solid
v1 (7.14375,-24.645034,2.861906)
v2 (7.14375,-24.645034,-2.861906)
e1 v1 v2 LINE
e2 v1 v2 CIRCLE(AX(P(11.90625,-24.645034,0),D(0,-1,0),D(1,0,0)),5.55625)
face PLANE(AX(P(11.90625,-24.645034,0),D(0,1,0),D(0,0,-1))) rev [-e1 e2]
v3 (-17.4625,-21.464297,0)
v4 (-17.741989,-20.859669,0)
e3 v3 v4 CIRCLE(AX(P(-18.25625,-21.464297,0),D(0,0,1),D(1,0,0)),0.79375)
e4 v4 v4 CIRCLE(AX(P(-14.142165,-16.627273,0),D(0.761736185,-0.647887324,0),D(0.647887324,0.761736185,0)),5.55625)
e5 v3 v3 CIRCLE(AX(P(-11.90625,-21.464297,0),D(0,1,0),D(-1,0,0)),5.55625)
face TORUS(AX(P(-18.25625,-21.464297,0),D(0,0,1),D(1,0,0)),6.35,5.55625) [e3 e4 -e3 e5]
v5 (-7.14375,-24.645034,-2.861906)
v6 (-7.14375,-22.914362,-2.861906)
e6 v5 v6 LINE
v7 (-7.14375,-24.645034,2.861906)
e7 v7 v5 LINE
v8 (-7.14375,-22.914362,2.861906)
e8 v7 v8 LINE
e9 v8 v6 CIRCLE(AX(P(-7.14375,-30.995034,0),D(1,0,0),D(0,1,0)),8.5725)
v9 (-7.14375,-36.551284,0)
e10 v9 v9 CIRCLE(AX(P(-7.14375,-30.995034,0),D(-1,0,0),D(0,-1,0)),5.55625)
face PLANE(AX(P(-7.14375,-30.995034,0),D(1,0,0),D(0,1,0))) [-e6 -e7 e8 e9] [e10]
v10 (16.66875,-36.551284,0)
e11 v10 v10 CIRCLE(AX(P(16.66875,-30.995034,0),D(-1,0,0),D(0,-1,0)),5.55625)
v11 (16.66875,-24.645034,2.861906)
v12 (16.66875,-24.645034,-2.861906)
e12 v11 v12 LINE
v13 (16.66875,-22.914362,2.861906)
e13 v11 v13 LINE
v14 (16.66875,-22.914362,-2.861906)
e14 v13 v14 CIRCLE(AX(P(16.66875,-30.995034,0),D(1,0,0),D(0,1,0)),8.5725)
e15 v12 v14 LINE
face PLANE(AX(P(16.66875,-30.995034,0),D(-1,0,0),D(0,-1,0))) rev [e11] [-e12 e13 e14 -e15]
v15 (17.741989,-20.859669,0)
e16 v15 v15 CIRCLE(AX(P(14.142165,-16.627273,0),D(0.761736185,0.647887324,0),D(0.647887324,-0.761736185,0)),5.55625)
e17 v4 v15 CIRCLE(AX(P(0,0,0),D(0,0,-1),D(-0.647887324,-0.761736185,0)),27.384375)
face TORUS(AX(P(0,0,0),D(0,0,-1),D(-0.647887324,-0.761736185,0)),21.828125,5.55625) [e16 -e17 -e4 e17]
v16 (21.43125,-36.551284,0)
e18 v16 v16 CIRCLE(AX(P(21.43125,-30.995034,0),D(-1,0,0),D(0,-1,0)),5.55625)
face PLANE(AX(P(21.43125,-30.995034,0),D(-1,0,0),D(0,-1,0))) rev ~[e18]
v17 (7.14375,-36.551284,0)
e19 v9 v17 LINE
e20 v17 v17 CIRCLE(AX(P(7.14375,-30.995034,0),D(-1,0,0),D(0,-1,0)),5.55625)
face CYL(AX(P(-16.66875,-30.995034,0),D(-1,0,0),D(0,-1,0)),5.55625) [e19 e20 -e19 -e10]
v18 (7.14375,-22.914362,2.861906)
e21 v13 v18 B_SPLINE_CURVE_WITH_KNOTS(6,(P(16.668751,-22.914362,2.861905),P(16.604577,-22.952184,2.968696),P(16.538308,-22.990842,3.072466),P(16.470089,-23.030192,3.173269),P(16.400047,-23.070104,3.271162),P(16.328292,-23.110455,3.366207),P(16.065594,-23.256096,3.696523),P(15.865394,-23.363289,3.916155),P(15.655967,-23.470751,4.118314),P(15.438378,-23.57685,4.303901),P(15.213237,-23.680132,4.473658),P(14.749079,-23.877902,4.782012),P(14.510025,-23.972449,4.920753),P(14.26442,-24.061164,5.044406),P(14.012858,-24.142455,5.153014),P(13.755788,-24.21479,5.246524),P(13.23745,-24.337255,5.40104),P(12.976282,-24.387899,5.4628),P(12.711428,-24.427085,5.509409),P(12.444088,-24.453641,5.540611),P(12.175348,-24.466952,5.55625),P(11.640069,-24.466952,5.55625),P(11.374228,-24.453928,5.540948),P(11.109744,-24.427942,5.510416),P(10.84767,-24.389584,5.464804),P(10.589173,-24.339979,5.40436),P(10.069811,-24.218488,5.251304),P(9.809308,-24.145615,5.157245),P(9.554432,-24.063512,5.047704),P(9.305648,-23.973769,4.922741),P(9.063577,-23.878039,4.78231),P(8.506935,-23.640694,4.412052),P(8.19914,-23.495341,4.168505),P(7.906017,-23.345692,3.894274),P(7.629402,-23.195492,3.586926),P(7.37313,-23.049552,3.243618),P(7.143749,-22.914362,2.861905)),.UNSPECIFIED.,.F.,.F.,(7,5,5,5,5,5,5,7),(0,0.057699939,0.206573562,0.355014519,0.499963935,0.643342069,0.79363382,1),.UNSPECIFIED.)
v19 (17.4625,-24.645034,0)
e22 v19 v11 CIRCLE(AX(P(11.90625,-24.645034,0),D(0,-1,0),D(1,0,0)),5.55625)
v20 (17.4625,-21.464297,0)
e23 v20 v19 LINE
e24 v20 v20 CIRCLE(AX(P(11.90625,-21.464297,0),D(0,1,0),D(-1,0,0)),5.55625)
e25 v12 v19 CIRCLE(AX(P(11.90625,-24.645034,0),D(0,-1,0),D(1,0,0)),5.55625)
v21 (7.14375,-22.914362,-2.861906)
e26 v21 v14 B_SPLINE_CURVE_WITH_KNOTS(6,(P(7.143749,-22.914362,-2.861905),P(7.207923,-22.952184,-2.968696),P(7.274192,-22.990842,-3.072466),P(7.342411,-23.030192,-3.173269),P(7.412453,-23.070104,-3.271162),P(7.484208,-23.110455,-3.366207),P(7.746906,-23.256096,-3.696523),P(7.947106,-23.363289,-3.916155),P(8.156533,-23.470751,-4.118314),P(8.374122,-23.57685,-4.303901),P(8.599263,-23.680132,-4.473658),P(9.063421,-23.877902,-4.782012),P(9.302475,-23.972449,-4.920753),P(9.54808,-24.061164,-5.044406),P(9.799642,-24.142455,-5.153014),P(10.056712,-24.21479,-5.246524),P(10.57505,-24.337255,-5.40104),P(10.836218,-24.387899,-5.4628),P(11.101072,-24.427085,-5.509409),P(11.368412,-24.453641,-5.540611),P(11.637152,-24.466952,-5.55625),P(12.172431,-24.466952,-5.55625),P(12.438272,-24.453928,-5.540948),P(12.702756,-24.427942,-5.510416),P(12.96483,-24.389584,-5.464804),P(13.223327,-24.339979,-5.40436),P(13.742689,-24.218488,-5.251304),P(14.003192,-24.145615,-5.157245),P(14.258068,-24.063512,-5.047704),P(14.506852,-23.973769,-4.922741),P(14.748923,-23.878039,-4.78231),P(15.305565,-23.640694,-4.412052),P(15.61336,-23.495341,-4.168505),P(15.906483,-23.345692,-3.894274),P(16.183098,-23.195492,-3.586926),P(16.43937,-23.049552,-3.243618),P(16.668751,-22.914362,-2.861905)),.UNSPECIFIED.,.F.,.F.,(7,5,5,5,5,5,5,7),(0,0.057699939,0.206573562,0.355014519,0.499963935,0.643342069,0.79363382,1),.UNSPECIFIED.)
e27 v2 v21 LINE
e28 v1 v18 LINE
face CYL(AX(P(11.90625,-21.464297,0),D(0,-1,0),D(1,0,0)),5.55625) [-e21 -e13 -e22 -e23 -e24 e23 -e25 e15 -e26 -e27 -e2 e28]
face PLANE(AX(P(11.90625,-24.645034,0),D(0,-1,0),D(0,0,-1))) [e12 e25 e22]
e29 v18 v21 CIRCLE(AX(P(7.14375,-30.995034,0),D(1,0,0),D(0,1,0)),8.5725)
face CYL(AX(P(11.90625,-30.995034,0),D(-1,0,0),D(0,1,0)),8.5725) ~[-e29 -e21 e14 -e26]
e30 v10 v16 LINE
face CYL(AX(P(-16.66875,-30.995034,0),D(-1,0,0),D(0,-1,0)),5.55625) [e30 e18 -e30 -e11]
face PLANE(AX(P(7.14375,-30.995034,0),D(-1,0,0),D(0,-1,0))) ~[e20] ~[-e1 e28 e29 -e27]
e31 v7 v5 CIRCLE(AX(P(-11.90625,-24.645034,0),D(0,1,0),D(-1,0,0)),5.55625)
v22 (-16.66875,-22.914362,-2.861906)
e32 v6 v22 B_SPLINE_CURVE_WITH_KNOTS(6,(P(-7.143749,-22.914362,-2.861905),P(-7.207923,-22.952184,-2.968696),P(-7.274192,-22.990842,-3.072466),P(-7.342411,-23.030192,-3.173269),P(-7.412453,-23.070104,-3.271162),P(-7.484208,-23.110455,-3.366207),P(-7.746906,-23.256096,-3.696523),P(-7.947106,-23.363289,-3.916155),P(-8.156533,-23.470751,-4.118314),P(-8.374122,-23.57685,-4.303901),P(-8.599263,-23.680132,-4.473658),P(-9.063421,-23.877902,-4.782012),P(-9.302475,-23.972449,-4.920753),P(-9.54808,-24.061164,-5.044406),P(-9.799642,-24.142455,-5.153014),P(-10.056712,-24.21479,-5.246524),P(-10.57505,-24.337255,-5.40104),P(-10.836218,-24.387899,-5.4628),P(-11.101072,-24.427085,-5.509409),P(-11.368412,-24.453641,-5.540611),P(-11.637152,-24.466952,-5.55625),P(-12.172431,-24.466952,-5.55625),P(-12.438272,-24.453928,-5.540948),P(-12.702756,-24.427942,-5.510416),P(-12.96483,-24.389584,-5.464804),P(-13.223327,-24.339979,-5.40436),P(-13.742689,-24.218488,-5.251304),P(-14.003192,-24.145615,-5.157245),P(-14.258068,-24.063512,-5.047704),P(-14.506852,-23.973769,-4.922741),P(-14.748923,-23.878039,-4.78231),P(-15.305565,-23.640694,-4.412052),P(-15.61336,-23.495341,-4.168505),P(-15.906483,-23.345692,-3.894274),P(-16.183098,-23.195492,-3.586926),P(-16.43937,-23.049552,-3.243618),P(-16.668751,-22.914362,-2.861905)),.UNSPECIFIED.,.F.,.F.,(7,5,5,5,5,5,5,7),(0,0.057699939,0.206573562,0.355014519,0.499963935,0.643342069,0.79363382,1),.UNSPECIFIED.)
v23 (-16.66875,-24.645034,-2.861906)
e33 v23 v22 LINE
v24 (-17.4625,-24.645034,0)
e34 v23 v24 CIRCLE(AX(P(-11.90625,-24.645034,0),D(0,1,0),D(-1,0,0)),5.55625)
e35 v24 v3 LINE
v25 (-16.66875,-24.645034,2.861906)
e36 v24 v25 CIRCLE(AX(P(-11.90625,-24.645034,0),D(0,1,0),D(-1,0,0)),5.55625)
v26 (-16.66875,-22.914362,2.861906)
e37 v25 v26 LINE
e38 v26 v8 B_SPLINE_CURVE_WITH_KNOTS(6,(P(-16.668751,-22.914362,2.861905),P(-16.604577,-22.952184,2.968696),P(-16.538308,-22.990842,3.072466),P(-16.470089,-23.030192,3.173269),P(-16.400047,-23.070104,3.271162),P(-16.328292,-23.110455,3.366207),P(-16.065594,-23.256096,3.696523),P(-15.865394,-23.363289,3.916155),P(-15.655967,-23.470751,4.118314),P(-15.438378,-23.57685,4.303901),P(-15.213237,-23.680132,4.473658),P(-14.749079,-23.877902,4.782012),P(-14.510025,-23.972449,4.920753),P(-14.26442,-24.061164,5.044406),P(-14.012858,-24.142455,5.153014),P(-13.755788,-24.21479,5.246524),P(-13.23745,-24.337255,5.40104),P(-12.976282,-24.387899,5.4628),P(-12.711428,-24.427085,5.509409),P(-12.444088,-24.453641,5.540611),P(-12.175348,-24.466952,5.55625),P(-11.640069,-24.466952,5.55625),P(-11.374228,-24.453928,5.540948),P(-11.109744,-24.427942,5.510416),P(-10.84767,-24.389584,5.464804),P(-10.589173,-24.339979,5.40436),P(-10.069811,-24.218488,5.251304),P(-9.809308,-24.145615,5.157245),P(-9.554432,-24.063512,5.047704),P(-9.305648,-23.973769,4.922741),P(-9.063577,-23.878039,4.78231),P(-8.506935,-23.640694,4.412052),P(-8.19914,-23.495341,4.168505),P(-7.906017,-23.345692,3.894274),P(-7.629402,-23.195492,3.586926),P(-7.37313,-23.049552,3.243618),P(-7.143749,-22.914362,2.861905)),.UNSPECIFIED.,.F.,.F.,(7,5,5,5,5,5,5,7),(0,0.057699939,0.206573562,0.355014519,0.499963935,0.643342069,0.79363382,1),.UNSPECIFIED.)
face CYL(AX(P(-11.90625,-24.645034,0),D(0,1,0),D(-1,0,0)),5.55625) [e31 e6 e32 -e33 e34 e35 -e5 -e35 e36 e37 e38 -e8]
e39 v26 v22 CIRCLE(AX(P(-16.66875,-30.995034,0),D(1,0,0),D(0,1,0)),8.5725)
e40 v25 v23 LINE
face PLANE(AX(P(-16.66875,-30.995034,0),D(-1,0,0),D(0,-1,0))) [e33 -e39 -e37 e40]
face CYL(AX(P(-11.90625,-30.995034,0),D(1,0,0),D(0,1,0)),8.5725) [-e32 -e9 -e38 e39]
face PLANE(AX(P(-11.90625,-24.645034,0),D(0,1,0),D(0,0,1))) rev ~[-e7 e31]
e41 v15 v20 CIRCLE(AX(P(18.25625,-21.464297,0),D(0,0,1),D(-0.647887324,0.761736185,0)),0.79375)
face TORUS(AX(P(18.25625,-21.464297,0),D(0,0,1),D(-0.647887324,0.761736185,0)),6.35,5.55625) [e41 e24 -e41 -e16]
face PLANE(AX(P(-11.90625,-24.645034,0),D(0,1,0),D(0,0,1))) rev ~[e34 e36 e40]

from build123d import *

# Parameters (mm, degrees)
F2_R     = 5.55625
F5_R     = 8.5725
F6_DEPTH = 4.7625
F8_R     = 5.55625
F9_DEPTH = 38.1


with BuildPart() as f3:
    # F3: sweep along a path in F0
    with BuildLine(Plane.XY) as f3_path:
        Line((-11.90625, -24.6450335324), (-11.90625, -21.4642974367))
        ThreePointArc((-11.90625, -21.4642974367), (-12.4922697511, -18.7998966242), (-14.142165493, -16.6272726623))
        ThreePointArc((-14.142165493, -16.6272726623), (0, 21.828125), (14.142165493, -16.6272726623))
        ThreePointArc((14.142165493, -16.6272726623), (12.4922697511, -18.7998966242), (11.90625, -21.4642974367))
        Line((11.90625, -21.4642974367), (11.90625, -24.6450335324))
    # F2 (on line) → F3 (sweep)
    with BuildSketch(Plane(origin=(0, -24.6450335324, 0), x_dir=(-1, 0, 0), z_dir=(0, 1, 0))):
        with Locations((11.90625, 0)):
            Circle(F2_R)
    sweep(path=f3_path.line)

    # F5 (on plane+point) → F6 (join, symmetric)
    with BuildSketch(Plane.YZ.offset(-11.90625)):
        with Locations((-30.9950335324, 0)):
            Circle(F5_R)
    extrude(amount=F6_DEPTH, both=True)

    # F7: F3 across plane


with BuildPart() as f3_1:
    add(f3.part)
    add(f3.part.mirror(Plane.YZ))

    # F8 (on face) → F9 (join)
    with BuildSketch(Plane(origin=(-16.66875, 0, 0), x_dir=(0, -1, 0), z_dir=(-1, 0, 0))):
        with Locations((30.9950335324, 0)):
            Circle(F8_R)
    extrude(amount=-F9_DEPTH)


solid = f3_1.part
